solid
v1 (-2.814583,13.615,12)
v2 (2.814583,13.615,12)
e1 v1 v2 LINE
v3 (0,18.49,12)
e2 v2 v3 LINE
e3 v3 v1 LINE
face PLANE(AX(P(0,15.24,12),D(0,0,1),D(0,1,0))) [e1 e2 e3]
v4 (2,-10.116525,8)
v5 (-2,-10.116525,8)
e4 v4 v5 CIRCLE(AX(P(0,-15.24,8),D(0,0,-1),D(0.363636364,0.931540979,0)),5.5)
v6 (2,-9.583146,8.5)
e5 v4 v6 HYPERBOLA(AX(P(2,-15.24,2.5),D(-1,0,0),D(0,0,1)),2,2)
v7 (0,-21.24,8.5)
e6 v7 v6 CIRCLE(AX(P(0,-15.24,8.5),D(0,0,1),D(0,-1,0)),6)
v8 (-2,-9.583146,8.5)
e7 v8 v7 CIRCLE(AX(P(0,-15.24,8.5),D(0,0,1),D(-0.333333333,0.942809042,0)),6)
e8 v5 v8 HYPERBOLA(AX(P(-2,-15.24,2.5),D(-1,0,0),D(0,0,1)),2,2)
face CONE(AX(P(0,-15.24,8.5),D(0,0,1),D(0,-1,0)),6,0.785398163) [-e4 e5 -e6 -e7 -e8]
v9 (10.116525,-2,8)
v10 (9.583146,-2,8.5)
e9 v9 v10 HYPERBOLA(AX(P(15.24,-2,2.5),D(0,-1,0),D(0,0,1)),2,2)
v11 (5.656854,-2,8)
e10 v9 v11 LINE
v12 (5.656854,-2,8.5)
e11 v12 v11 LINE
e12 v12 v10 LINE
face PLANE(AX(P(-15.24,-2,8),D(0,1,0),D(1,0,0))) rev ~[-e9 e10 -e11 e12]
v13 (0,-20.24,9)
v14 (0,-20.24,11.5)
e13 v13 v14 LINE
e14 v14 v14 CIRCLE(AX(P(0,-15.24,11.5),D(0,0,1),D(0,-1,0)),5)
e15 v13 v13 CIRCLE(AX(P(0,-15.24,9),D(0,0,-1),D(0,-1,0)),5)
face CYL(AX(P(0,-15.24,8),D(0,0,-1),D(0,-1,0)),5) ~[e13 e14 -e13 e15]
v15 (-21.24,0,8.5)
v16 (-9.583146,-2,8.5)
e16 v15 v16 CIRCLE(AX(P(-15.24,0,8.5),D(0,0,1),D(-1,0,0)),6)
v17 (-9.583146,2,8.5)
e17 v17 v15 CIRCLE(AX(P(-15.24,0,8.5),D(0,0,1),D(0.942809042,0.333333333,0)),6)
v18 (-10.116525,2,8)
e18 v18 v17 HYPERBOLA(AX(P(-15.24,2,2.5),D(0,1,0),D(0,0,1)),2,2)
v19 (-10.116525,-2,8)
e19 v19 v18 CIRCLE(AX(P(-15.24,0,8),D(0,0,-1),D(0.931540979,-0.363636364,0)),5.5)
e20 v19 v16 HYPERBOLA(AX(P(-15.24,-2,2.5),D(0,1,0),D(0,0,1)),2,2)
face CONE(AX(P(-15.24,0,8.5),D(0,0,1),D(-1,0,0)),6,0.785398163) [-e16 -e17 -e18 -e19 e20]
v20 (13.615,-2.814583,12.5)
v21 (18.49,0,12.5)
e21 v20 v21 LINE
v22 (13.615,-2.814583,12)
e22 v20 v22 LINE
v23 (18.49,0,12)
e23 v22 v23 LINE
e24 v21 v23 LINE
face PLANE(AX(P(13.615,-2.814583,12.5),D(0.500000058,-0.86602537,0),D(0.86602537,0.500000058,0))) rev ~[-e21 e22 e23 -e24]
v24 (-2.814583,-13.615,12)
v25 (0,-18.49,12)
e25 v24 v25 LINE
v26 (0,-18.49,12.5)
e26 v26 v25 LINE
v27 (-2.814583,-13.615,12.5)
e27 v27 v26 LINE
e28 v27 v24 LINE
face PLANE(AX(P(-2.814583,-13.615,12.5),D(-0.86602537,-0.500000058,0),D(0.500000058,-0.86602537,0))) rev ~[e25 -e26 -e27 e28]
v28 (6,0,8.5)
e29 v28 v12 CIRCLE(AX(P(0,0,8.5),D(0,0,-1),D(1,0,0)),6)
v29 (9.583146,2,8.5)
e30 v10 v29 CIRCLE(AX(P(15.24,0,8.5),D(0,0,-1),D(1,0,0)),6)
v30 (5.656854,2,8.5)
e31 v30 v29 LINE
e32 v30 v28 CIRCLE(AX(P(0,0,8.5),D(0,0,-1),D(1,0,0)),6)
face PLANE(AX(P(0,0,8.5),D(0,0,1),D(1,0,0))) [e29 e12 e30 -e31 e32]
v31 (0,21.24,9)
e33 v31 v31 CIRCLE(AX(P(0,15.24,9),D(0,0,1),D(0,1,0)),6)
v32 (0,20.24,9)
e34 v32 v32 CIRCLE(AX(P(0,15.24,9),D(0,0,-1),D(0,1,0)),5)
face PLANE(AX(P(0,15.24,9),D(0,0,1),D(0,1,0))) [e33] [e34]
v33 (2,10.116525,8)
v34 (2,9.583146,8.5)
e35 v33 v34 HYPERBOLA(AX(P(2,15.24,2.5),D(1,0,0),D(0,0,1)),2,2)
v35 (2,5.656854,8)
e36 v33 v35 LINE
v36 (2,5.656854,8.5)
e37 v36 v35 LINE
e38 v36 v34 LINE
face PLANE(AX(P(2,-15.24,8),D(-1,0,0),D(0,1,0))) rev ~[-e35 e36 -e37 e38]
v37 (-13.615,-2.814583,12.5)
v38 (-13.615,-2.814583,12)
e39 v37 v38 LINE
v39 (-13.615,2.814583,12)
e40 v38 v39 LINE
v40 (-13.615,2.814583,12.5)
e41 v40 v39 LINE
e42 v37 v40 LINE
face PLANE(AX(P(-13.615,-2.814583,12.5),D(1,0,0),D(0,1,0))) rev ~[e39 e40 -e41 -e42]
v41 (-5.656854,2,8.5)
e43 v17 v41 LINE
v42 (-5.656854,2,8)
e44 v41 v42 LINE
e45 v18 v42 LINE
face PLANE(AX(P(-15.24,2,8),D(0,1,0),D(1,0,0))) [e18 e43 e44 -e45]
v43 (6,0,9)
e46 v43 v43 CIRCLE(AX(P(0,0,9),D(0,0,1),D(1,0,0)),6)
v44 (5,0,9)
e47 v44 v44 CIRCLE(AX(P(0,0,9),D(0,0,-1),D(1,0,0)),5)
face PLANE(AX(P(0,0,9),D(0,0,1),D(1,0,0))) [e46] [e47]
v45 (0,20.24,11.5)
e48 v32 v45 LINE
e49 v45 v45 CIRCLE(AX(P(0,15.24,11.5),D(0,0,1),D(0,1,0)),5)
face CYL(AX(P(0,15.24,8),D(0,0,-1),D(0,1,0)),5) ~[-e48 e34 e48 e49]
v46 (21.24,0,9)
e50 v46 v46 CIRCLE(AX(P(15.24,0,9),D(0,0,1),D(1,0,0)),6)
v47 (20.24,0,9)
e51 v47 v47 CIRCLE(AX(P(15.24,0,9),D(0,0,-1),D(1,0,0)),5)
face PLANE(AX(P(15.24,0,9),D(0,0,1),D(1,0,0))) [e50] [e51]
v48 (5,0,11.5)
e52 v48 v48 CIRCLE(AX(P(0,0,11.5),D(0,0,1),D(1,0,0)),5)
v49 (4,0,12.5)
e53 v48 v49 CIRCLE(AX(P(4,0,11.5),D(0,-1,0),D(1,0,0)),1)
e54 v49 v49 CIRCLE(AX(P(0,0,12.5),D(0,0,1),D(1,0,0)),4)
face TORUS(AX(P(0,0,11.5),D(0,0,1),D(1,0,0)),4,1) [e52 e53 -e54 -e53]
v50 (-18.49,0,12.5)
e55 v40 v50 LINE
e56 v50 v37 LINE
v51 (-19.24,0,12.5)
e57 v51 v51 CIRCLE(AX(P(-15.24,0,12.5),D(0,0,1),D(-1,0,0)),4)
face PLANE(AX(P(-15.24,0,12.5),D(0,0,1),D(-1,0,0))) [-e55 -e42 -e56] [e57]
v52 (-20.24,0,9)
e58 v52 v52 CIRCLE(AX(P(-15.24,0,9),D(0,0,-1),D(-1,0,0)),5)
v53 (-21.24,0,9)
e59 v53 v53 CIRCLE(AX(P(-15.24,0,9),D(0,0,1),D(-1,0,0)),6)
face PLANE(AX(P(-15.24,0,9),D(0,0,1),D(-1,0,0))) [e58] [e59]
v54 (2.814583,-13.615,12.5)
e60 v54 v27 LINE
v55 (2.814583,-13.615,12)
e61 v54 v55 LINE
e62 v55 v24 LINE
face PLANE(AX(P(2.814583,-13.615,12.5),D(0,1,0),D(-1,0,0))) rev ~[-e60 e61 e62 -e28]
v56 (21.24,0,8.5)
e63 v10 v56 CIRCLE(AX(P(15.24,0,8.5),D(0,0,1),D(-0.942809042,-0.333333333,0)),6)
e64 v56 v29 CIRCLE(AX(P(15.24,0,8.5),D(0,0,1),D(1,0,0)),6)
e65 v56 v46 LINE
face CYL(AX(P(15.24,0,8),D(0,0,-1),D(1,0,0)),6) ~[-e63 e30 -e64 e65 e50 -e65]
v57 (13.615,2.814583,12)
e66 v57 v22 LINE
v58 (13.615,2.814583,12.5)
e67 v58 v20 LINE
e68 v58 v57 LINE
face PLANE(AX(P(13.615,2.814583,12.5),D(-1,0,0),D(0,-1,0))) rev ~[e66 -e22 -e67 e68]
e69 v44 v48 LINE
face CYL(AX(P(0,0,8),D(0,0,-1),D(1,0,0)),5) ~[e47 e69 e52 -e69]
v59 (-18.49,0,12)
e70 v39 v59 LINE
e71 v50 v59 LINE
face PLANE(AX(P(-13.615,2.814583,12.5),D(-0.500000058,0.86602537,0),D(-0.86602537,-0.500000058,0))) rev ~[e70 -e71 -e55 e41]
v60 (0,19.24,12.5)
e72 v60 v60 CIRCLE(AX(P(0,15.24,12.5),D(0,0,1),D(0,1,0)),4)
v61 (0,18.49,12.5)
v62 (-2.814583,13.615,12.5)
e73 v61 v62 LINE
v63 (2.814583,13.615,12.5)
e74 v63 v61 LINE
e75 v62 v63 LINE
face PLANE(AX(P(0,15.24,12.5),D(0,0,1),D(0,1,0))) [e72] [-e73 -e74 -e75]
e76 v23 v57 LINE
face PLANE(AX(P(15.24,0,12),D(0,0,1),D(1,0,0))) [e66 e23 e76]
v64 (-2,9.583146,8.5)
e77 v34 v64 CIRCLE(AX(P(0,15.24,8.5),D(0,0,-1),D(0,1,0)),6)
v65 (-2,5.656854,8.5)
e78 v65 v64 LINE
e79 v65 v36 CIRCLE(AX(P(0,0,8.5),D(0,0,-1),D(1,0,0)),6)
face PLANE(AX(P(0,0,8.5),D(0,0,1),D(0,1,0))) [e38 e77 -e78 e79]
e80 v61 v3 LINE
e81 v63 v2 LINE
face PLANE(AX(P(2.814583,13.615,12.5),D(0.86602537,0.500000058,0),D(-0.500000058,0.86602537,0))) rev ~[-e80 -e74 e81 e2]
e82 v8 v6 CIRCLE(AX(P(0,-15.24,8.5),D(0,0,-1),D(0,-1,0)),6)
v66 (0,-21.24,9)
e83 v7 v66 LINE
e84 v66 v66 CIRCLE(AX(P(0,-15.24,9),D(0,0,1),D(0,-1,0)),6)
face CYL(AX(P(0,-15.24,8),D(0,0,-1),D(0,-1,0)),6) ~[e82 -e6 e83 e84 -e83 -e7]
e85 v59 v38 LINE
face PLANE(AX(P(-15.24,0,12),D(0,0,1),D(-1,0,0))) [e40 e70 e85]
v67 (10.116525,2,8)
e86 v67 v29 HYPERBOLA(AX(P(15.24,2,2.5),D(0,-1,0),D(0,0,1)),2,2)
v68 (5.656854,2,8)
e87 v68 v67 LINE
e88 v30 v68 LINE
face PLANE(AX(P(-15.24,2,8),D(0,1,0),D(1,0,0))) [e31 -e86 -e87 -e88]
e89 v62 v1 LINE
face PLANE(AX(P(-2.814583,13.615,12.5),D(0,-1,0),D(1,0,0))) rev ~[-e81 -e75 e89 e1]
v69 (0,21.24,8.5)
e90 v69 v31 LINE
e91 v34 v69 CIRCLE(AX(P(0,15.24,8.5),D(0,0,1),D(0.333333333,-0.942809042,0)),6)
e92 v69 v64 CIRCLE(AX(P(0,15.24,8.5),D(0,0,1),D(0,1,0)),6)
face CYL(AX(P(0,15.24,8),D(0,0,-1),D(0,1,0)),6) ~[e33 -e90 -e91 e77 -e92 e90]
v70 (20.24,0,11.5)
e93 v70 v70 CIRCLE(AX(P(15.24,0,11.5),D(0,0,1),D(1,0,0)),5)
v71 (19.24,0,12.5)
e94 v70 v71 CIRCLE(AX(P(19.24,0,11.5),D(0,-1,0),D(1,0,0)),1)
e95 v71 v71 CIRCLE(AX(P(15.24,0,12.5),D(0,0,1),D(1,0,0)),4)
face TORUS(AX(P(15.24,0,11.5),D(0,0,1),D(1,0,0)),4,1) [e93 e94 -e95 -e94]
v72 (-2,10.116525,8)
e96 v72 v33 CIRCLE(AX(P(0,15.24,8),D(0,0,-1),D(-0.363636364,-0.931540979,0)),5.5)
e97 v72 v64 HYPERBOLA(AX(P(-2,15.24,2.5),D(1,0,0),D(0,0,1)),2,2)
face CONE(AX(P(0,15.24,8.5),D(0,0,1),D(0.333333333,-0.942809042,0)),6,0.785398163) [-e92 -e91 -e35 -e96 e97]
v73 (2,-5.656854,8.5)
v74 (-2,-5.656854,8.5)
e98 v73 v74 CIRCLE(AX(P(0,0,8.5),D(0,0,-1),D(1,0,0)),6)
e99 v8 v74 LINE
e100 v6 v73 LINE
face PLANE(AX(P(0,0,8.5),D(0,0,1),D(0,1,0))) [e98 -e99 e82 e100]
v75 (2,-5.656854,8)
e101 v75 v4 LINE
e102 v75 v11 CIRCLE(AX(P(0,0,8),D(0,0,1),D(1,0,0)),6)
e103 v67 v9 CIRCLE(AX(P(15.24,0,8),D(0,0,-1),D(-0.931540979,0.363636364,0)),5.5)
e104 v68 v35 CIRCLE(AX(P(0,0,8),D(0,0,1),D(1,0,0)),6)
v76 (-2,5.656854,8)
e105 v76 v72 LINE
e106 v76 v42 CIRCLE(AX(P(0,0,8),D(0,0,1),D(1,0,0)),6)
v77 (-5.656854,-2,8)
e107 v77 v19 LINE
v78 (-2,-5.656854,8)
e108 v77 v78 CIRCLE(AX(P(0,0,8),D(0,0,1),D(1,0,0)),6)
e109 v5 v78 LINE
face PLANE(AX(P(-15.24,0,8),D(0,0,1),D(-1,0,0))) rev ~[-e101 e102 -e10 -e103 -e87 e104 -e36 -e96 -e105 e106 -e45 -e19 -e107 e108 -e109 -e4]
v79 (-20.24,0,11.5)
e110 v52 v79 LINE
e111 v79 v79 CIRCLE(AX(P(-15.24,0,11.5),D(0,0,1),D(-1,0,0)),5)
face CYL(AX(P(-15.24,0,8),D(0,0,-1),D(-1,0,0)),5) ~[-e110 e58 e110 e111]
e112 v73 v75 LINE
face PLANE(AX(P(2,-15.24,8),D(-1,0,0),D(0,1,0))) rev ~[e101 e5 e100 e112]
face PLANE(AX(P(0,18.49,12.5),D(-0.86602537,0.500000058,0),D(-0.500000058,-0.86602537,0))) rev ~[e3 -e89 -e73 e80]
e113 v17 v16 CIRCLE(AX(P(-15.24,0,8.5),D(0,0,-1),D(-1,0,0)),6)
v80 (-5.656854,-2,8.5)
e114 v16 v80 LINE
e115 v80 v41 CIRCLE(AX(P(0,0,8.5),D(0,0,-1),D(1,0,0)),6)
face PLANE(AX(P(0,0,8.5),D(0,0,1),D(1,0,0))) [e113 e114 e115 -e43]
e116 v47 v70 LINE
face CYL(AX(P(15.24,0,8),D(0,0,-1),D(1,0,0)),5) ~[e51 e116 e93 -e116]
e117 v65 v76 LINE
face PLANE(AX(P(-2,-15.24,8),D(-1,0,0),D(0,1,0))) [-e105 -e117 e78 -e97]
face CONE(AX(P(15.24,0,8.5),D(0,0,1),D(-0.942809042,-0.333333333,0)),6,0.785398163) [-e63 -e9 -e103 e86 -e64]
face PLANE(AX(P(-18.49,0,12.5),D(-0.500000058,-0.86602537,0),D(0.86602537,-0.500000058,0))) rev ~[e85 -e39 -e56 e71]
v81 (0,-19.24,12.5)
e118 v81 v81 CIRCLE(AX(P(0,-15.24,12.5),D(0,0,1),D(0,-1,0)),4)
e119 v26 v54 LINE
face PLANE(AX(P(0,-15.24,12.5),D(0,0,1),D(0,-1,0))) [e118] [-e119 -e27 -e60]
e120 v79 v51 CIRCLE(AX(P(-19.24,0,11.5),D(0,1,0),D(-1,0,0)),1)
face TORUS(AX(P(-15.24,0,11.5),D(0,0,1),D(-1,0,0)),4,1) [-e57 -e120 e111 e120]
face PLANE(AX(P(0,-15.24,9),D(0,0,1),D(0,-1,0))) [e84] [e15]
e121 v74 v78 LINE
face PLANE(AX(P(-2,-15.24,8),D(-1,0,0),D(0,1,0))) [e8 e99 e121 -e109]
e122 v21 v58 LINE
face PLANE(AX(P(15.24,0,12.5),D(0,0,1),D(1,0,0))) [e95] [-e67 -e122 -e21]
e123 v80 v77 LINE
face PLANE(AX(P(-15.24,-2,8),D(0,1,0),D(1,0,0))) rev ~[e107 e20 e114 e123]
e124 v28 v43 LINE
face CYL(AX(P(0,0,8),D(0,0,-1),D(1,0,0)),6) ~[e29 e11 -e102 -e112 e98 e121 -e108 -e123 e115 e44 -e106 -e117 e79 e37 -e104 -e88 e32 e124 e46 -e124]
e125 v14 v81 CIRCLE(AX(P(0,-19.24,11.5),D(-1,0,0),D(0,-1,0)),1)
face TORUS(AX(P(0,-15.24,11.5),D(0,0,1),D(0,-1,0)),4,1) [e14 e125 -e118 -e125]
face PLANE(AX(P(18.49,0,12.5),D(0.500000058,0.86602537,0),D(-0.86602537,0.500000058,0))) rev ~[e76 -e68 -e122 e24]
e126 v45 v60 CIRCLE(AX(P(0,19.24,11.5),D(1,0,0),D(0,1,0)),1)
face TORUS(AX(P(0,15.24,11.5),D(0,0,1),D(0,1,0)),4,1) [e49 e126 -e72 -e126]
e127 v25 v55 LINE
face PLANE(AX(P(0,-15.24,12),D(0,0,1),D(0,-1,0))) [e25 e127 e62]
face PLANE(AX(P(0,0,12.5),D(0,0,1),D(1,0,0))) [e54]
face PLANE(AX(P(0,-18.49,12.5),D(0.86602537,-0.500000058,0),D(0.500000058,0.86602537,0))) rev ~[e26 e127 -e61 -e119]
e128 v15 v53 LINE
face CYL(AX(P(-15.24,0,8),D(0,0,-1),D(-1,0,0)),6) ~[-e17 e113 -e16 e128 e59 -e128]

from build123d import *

# Parameters (mm, degrees)
CYLINDER_R             = 5
CYLINDER_DEPTH         = 4.5
FILLET_R               = 1
CYLINDER001_R          = 6
CYLINDER001_DEPTH      = 1
BOX001_W               = 30.48
BOX001_H               = 4
BOX001_DEPTH           = 0.5
BOX001_PLACEMENT_ANGLE = 90
BOX_W                  = 30.48
BOX_H                  = 4
BOX_DEPTH              = 0.5
POCKET_DEPTH           = 0.5
ARRAY_COUNT            = 4
CHAMFER_SIZE           = 0.5


with BuildPart() as button_body_fillet:
    # Cylinder → Cylinder (new body)
    with BuildSketch(Plane.XY.offset(8)):
        Circle(CYLINDER_R)
    extrude(amount=CYLINDER_DEPTH)

    # Fillet
    fillet_edges = [button_body_fillet.edges().sort_by_distance(p)[0] for p in [
        (-5, 0, 12.5),
    ]]
    fillet(fillet_edges, radius=FILLET_R)


with BuildPart() as button_fusion:
    # Cylinder001 → Cylinder001 (new body)
    with BuildSketch(Plane.XY.offset(8)):
        Circle(CYLINDER001_R)
    extrude(amount=CYLINDER001_DEPTH)

    # Fusion: union button-body-fillet
    add(button_body_fillet.part)


with BuildPart() as buttons_forward_backward_union_cube:
    # Box001 → Box001 (new body)
    with BuildSketch(Plane.XY):
        with Locations((15.24, 2)):
            Rectangle(BOX001_W, BOX001_H)
    extrude(amount=BOX001_DEPTH)


with BuildPart() as buttons_forward_backward_union_cube_1:
    # Box001 placement: moved
    add(buttons_forward_backward_union_cube.part.moved(Location((2, -15.24, 8))).rotate(Axis((2, -15.24, 8), (0, 0, 1)), BOX001_PLACEMENT_ANGLE))


with BuildPart() as buttons_left_right_union_cube:
    # Box → Box (new body)
    with BuildSketch(Plane(origin=(-15.24, -2, 8), x_dir=(1, 0, 0), z_dir=(0, 0, 1))):
        with Locations((15.24, 2)):
            Rectangle(BOX_W, BOX_H)
    extrude(amount=BOX_DEPTH)


with BuildPart() as keypad_buttons_printing:
    # Clone base: copy of button-fusion
    add(button_fusion.part)


with BuildPart() as keypad_buttons_printing_1:
    # Clone placement: moved
    add(keypad_buttons_printing.part.moved(Location((15.24, 0, 0))))

    # Sketch → Pocket (cut)
    with BuildSketch(Plane(origin=(15.24, 0, 12.5), x_dir=(1, 0, 0), z_dir=(0, 0, 1))):
        Polygon((-1.625, 2.814583), (-1.625, -2.814583), (3.25, 0), align=None)
    extrude(amount=-POCKET_DEPTH, mode=Mode.SUBTRACT)

    # Array: keypad-buttons (printing) ×4 about axis
    array_axis = Axis((0, 0, 0), (0, 0, 1))


with BuildPart() as keypad_buttons_printing_2:
    add(keypad_buttons_printing_1.part)
    for i in range(1, ARRAY_COUNT):
        add(keypad_buttons_printing_1.part.rotate(array_axis, i * 360 / ARRAY_COUNT))

    # Fusion001: union button-fusion, buttons-forward-backward-union-cube, buttons-left-right-union-cube
    add(button_fusion.part)
    add(buttons_forward_backward_union_cube_1.part)
    add(buttons_left_right_union_cube.part)

    # Chamfer
    chamfer_edges = [keypad_buttons_printing_2.edges().sort_by_distance(p)[0] for p in [
        (16.254612, 5.913591, 8),
        (16.254612, -5.913591, 8),
        (5.913591, -16.254612, 8),
        (-5.913591, -16.254612, 8),
        (-16.254612, -5.913591, 8),
        (-16.254612, 5.913591, 8),
        (-5.913591, 16.254612, 8),
        (5.913591, 16.254612, 8),
    ]]
    chamfer(chamfer_edges, length=CHAMFER_SIZE)


solid = keypad_buttons_printing_2.part
